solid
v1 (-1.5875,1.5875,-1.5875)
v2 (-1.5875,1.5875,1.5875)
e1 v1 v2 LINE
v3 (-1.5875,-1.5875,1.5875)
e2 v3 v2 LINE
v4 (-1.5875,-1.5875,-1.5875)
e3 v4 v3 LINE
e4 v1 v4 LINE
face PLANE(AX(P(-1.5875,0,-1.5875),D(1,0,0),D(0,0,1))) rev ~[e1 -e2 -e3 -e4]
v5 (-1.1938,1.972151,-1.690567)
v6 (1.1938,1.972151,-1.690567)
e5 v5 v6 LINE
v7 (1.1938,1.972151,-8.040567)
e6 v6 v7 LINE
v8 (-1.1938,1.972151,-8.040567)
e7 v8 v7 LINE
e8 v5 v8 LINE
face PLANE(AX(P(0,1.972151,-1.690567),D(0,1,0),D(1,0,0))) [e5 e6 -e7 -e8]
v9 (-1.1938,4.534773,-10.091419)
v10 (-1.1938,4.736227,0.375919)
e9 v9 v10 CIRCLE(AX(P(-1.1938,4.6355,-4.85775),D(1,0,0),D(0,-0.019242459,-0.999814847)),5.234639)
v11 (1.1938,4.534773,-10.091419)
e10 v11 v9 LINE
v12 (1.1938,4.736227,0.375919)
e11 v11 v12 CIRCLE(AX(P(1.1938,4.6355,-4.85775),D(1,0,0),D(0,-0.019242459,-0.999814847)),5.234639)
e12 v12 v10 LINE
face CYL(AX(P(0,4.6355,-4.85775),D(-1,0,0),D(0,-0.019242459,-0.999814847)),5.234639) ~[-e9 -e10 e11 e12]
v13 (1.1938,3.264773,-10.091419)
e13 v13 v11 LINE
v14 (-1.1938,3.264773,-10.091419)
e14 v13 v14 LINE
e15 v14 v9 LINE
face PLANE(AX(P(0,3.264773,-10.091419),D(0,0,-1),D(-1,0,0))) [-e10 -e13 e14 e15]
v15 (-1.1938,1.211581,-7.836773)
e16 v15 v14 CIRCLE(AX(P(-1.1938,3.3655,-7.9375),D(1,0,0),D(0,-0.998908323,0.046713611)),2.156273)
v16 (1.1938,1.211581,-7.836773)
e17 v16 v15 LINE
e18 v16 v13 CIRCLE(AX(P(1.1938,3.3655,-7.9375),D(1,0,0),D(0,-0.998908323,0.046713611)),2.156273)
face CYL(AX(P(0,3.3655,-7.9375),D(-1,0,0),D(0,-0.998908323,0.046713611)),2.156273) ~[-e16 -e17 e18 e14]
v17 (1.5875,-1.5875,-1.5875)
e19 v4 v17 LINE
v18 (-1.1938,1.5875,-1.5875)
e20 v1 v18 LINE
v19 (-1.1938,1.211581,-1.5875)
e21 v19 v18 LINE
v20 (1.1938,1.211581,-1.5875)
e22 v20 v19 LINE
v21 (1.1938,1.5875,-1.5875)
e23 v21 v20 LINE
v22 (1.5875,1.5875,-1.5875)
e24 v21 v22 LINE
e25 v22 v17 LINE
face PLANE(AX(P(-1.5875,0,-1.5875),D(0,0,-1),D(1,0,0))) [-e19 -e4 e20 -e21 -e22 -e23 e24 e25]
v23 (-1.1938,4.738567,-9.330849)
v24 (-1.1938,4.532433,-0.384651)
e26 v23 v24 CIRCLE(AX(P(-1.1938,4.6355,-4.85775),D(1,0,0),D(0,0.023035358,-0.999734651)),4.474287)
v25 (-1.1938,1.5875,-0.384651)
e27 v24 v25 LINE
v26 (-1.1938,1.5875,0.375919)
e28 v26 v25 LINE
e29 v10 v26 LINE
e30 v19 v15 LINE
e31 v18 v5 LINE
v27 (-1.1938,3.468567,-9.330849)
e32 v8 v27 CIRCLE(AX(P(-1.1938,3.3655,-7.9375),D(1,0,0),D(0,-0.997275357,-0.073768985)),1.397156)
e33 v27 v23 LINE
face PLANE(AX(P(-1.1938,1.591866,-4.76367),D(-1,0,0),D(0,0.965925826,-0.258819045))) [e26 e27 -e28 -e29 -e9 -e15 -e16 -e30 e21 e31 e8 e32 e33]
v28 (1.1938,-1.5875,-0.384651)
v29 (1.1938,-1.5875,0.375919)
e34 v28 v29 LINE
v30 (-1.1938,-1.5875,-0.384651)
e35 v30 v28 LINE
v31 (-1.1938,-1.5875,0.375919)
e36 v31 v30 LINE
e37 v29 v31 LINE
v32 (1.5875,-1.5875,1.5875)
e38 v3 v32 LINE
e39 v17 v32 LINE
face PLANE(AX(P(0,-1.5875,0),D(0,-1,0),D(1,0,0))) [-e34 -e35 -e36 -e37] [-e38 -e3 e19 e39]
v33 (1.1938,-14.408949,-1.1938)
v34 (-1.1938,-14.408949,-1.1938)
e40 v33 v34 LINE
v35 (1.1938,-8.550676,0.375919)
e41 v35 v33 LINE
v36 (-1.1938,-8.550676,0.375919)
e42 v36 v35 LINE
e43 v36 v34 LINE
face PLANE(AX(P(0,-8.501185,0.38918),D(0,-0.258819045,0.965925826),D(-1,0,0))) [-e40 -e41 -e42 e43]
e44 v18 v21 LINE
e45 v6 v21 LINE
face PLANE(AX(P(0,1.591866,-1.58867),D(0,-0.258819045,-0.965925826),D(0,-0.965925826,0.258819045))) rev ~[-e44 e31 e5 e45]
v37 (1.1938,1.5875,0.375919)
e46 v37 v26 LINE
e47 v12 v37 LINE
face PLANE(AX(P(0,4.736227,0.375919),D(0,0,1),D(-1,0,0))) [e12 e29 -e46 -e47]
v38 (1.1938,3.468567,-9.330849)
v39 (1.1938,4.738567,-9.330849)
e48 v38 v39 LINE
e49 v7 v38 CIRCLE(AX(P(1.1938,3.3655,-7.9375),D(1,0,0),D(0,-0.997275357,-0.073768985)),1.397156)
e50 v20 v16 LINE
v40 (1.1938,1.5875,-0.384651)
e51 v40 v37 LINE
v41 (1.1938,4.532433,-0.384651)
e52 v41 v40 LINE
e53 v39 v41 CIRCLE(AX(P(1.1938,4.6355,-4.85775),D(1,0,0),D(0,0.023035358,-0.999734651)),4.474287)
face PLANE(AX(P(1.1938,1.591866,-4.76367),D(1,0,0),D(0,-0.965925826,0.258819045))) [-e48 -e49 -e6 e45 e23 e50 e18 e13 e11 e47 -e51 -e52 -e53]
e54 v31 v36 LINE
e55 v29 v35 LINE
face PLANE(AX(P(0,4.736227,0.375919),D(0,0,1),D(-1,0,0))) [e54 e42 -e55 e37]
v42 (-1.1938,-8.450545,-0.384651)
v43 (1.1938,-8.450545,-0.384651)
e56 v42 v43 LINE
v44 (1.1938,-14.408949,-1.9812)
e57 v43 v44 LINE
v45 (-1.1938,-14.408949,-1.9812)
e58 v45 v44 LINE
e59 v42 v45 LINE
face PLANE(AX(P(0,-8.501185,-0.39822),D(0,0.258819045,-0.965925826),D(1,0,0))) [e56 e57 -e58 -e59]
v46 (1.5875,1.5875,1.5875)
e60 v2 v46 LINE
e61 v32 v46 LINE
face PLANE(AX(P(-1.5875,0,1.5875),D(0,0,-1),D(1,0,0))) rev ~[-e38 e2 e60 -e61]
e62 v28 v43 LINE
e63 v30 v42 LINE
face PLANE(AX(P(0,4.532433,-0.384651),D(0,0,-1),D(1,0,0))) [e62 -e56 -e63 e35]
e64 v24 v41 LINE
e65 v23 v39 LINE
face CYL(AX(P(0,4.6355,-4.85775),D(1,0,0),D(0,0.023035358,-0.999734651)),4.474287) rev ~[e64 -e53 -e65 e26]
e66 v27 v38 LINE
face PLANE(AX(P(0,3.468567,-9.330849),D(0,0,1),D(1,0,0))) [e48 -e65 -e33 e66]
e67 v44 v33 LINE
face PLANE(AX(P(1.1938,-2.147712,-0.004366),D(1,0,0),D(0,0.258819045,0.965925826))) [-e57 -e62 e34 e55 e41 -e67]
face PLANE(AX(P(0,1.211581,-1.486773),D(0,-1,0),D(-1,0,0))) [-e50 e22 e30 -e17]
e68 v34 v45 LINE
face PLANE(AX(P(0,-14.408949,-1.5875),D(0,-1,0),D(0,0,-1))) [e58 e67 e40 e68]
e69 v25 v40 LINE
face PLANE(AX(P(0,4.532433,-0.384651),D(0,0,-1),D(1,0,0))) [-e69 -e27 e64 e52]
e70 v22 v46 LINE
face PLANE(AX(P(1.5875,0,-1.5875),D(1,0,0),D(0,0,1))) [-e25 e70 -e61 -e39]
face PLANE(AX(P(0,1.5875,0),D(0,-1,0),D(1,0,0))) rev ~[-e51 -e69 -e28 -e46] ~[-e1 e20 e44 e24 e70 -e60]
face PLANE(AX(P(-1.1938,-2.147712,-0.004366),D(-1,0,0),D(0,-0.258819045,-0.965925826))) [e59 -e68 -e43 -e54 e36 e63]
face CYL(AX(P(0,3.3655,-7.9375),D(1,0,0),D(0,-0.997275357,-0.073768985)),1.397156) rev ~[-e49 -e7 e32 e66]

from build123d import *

# Parameters (mm, degrees)
F0_W     = 3.175
F0_H     = 3.175
F1_DEPTH = 1.5875
F4_W     = 2.3876
F4_H     = 0.7874


with BuildPart() as f1:
    # F0 (on Front) → F1 (new body, symmetric)
    with BuildSketch(Plane.XZ):
        Rectangle(F0_W, F0_H)
    extrude(amount=F1_DEPTH, both=True)

    # F5: sweep along a path in F2
    with BuildLine(Plane.YZ) as f5_path:
        Line((1.5875, -1.5875), (1.5875, -7.9375))
        ThreePointArc((1.5875, -7.9375), (2.1082641431, -9.1947358569), (3.3655, -9.7155))
        Line((3.3655, -9.7155), (4.6355, -9.7155))
        ThreePointArc((4.6355, -9.7155), (9.49325, -4.85775), (4.6355, 0))
        Line((4.6355, 0), (-8.5011851043, 0))
        Line((-8.5011851043, 0), (-14.4089486629, -1.5829804746))
    # F4 (on plane+point) → F5 (sweep)
    with BuildSketch(Plane.XZ.offset(14.4089486629)):
        with Locations((0, -1.5875)):
            Rectangle(F4_W, F4_H)
    sweep(path=f5_path.line, transition=Transition.RIGHT)


solid = f1.part
